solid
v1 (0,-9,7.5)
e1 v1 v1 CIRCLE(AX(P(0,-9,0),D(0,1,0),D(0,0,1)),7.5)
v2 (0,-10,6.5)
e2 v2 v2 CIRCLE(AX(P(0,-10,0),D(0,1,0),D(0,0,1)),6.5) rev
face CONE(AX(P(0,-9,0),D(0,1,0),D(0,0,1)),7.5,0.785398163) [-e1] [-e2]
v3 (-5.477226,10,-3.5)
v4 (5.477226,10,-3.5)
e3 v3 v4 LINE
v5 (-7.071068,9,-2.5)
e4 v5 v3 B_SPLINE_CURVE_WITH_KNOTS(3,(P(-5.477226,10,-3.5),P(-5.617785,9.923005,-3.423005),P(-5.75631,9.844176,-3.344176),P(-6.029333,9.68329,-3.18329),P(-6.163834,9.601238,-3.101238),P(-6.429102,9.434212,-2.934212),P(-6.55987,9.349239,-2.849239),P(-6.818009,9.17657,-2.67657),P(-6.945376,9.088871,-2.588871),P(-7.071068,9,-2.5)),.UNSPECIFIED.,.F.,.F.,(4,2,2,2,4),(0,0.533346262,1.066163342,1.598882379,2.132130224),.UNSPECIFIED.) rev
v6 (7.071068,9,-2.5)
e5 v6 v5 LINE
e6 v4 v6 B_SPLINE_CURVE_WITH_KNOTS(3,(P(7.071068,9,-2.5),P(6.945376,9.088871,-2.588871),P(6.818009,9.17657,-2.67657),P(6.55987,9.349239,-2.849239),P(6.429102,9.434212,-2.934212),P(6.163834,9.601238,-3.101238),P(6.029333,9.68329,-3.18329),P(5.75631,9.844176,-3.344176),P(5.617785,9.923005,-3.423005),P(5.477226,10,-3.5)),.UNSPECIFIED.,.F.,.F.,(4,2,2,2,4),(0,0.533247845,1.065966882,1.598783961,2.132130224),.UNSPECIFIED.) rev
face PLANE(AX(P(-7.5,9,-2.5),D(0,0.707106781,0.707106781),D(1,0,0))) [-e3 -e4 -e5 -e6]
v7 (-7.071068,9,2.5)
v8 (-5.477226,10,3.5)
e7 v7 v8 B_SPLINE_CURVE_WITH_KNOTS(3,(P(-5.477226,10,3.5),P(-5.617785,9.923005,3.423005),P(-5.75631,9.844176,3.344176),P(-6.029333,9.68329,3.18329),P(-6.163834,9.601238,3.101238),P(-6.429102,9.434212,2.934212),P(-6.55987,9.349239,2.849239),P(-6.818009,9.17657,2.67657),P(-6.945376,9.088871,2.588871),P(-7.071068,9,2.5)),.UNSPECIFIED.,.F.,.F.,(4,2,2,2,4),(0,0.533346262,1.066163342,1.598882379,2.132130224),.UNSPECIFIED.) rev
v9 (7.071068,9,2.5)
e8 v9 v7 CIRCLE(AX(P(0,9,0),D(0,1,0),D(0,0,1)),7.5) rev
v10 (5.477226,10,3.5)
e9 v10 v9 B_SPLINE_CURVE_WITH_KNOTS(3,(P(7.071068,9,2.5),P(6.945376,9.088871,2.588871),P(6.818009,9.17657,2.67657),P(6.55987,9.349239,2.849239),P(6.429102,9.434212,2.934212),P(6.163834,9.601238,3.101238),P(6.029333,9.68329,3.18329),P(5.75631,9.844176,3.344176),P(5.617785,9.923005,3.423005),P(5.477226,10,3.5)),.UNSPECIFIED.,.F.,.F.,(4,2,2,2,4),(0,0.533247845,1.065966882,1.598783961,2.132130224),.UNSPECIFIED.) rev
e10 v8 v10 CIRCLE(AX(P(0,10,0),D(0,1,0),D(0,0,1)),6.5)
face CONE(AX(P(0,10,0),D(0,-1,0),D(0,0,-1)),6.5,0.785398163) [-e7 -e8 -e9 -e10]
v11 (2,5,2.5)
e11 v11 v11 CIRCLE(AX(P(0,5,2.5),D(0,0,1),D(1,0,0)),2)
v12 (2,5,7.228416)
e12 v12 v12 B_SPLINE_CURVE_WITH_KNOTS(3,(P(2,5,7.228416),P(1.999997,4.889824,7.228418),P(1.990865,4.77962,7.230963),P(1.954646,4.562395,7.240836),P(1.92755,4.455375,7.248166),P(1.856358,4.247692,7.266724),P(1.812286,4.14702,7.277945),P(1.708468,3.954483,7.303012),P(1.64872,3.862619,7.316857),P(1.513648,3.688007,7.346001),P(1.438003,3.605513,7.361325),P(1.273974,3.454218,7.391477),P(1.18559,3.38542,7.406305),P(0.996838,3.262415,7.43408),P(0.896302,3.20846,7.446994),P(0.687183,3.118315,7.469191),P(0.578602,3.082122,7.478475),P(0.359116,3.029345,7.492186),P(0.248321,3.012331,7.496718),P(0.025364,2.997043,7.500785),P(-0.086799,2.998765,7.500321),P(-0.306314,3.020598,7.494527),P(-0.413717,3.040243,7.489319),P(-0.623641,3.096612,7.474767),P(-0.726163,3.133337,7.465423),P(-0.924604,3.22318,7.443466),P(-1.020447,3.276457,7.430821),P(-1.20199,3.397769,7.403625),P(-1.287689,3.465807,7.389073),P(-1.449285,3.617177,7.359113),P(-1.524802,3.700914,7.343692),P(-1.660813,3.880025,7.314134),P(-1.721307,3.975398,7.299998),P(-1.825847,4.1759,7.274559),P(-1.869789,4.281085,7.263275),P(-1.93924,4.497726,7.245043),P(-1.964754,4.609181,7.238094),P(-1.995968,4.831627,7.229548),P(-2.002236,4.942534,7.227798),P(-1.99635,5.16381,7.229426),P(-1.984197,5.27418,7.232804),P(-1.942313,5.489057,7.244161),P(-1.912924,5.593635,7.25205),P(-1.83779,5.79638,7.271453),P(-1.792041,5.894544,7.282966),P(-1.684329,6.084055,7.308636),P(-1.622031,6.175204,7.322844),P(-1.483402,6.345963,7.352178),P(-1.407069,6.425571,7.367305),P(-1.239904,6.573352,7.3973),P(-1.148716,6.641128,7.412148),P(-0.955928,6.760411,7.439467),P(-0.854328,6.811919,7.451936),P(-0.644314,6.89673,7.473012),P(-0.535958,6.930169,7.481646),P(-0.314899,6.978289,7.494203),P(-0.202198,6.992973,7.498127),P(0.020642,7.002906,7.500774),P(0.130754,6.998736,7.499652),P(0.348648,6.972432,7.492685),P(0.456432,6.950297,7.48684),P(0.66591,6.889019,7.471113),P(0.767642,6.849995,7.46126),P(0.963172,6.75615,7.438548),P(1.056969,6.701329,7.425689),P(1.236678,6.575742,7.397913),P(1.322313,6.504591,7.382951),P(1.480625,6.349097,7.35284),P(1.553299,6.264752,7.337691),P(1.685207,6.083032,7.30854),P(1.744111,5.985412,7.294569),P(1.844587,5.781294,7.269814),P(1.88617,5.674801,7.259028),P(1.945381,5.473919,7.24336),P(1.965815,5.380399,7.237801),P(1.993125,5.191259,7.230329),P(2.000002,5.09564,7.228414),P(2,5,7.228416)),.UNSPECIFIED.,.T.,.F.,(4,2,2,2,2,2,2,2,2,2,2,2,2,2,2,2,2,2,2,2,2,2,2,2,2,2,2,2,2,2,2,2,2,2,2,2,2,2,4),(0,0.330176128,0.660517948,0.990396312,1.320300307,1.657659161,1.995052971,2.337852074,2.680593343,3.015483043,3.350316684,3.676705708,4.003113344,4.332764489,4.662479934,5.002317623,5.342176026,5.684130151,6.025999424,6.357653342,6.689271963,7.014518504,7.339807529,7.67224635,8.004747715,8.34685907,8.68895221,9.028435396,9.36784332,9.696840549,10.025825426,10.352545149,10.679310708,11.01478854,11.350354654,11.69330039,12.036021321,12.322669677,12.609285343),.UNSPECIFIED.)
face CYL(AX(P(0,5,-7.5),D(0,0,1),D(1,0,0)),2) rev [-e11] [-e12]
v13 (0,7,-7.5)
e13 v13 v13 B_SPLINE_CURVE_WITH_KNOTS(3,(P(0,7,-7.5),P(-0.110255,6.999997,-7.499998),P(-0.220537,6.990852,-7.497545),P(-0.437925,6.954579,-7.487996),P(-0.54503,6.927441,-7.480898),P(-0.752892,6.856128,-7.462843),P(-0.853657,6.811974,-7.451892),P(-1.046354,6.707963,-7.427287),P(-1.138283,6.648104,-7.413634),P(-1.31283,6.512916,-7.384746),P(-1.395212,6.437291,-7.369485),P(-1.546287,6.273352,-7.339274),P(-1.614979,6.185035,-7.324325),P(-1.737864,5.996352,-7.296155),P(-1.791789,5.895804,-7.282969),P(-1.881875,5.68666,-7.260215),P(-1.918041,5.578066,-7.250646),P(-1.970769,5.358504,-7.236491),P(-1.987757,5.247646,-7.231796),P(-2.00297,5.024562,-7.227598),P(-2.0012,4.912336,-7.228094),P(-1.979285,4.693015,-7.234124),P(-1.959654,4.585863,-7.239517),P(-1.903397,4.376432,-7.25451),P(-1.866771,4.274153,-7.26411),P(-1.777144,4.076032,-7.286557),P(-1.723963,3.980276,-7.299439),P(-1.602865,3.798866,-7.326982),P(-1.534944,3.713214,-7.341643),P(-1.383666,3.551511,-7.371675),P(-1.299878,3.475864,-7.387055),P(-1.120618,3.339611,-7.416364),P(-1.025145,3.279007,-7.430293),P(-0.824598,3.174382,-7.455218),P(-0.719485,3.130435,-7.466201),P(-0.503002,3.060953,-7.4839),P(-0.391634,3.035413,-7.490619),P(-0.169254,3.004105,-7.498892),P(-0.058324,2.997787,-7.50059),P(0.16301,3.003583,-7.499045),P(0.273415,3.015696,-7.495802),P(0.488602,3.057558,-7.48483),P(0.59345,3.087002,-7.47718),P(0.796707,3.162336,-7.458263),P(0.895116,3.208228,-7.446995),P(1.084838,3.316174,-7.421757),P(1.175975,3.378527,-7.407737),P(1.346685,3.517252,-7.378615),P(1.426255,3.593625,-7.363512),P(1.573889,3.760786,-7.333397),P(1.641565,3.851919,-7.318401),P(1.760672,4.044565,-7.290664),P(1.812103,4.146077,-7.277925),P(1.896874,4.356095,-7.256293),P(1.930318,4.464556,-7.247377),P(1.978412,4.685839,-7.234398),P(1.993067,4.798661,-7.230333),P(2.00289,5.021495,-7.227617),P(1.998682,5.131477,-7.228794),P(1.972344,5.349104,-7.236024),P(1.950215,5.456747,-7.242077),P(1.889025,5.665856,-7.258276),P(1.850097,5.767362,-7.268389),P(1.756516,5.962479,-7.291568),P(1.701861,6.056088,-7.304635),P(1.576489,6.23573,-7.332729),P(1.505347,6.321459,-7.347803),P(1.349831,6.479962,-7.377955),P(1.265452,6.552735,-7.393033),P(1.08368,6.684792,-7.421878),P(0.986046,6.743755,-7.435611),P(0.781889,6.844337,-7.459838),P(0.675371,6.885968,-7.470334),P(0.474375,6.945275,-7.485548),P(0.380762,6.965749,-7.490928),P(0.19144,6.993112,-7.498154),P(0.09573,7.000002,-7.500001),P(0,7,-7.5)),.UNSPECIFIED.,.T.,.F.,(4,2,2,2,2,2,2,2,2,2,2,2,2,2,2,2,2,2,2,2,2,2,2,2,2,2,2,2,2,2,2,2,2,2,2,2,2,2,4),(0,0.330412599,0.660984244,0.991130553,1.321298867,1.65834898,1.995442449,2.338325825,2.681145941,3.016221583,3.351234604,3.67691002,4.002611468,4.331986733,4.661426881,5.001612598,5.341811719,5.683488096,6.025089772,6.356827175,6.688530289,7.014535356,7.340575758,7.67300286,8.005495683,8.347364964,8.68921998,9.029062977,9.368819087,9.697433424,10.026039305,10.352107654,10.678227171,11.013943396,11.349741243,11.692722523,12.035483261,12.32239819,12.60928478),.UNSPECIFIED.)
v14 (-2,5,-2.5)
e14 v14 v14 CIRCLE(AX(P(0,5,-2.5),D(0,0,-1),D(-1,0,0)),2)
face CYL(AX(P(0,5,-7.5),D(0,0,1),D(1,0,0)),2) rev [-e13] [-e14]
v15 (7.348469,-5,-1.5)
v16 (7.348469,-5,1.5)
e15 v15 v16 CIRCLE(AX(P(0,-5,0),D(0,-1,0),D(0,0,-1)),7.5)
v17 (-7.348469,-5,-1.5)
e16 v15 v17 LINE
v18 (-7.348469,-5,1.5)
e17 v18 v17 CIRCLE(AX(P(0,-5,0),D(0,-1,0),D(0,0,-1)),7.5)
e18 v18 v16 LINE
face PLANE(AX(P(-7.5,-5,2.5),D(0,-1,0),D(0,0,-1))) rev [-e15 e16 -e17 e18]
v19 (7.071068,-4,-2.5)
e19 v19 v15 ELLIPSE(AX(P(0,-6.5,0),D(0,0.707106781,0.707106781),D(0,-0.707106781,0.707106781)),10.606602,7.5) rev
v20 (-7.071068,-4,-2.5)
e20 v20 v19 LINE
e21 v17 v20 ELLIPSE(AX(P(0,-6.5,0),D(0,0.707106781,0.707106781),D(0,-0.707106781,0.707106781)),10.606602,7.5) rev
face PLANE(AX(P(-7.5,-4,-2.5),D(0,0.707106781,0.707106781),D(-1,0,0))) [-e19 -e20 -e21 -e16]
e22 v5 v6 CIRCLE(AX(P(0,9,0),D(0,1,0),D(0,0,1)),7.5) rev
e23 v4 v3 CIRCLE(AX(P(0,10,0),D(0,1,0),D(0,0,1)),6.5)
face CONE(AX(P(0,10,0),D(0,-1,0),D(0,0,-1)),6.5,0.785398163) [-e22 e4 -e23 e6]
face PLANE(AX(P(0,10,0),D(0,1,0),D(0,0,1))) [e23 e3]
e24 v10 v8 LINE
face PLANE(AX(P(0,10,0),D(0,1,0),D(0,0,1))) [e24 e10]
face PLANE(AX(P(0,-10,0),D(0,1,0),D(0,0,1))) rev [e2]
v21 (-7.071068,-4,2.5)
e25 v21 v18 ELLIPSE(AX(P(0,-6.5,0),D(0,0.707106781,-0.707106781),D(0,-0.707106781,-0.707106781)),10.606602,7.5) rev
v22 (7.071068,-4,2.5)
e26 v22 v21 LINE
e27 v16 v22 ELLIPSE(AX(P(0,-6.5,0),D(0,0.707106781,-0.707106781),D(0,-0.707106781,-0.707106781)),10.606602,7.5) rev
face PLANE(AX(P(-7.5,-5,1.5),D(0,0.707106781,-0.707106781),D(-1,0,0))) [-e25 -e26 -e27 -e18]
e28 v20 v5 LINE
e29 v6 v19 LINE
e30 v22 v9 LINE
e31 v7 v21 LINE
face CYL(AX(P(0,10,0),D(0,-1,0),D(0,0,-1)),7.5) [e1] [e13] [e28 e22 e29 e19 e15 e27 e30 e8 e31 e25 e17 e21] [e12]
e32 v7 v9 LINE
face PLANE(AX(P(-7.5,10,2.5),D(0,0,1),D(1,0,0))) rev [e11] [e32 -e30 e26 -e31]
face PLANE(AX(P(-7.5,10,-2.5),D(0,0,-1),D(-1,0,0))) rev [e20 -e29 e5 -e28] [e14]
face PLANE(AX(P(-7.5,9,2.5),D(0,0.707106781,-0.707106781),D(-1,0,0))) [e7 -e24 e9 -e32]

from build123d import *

# Parameters (mm, degrees)
ESBO_O1_R                  = 7.5
RESSALTO_EXTRUS_O1_DEPTH   = 10
CORTE_EXTRUS_O1_DEPTH      = 15.577379737
CORTE_EXTRUS_O1_DEPTH_BACK = 15.577379737
ESBO_O2_W                  = 5
ESBO_O2_H                  = 15
CORTE_EXTRUS_O2_DEPTH      = 15.577379737
CORTE_EXTRUS_O2_DEPTH_BACK = 15.577379737
ESBO_O3_R                  = 2
CHANFRO1_SIZE              = 1
CHANFRO2_SIZE              = 1
CHANFRO3_SIZE              = 1


with BuildPart() as part:
    # Esboço1 → Ressalto-extrusão1 (new, symmetric)
    with BuildSketch(Plane(origin=(0, 0, 0), x_dir=(1, 0, 0), z_dir=(0, 1, 0))):
        with Locations(Location((0, 0, 0), (0, 0, 270))):
            Circle(ESBO_O1_R)
    extrude(amount=RESSALTO_EXTRUS_O1_DEPTH, both=True)

    # Esboço2 → Corte-extrusão1 (cut, two sides: drawn at the far end of the back side and taken through both)
    with BuildSketch(Plane(origin=(0, 0, 0), x_dir=(0, 0, -1), z_dir=(1, 0, 0)).offset(-CORTE_EXTRUS_O1_DEPTH_BACK)):
        with Locations((0, 2.5)):
            Rectangle(ESBO_O2_W, ESBO_O2_H)
    extrude(amount=CORTE_EXTRUS_O1_DEPTH + CORTE_EXTRUS_O1_DEPTH_BACK, mode=Mode.SUBTRACT)

    # Esboço3 → Corte-extrusão2 (cut, two sides: drawn at the far end of the back side and taken through both)
    with BuildSketch(Plane.XY.offset(-CORTE_EXTRUS_O2_DEPTH_BACK)):
        with Locations(Location((0, 5, 0), (0, 0, 90))):
            Circle(ESBO_O3_R)
    extrude(amount=CORTE_EXTRUS_O2_DEPTH + CORTE_EXTRUS_O2_DEPTH_BACK, mode=Mode.SUBTRACT)

    # Chanfro1
    chanfro1_edges = [part.edges().sort_by_distance(p)[0] for p in [
        (0, -10, -7.5),
    ]]
    chamfer(chanfro1_edges, length=CHANFRO1_SIZE)

    # Chanfro2
    chanfro2_edges = [part.edges().sort_by_distance(p)[0] for p in [
        (0, 10, -7.5),
        (-4.330127019, 10, 6.123724357),
        (0, 10, -2.5),
        (0, 10, 2.5),
    ]]
    chamfer(chanfro2_edges, length=CHANFRO2_SIZE)

    # Chanfro3
    chanfro3_edges = [part.edges().sort_by_distance(p)[0] for p in [
        (0, -5, -2.5),
        (0, -5, 2.5),
    ]]
    chamfer(chanfro3_edges, length=CHANFRO3_SIZE)


solid = part.part
